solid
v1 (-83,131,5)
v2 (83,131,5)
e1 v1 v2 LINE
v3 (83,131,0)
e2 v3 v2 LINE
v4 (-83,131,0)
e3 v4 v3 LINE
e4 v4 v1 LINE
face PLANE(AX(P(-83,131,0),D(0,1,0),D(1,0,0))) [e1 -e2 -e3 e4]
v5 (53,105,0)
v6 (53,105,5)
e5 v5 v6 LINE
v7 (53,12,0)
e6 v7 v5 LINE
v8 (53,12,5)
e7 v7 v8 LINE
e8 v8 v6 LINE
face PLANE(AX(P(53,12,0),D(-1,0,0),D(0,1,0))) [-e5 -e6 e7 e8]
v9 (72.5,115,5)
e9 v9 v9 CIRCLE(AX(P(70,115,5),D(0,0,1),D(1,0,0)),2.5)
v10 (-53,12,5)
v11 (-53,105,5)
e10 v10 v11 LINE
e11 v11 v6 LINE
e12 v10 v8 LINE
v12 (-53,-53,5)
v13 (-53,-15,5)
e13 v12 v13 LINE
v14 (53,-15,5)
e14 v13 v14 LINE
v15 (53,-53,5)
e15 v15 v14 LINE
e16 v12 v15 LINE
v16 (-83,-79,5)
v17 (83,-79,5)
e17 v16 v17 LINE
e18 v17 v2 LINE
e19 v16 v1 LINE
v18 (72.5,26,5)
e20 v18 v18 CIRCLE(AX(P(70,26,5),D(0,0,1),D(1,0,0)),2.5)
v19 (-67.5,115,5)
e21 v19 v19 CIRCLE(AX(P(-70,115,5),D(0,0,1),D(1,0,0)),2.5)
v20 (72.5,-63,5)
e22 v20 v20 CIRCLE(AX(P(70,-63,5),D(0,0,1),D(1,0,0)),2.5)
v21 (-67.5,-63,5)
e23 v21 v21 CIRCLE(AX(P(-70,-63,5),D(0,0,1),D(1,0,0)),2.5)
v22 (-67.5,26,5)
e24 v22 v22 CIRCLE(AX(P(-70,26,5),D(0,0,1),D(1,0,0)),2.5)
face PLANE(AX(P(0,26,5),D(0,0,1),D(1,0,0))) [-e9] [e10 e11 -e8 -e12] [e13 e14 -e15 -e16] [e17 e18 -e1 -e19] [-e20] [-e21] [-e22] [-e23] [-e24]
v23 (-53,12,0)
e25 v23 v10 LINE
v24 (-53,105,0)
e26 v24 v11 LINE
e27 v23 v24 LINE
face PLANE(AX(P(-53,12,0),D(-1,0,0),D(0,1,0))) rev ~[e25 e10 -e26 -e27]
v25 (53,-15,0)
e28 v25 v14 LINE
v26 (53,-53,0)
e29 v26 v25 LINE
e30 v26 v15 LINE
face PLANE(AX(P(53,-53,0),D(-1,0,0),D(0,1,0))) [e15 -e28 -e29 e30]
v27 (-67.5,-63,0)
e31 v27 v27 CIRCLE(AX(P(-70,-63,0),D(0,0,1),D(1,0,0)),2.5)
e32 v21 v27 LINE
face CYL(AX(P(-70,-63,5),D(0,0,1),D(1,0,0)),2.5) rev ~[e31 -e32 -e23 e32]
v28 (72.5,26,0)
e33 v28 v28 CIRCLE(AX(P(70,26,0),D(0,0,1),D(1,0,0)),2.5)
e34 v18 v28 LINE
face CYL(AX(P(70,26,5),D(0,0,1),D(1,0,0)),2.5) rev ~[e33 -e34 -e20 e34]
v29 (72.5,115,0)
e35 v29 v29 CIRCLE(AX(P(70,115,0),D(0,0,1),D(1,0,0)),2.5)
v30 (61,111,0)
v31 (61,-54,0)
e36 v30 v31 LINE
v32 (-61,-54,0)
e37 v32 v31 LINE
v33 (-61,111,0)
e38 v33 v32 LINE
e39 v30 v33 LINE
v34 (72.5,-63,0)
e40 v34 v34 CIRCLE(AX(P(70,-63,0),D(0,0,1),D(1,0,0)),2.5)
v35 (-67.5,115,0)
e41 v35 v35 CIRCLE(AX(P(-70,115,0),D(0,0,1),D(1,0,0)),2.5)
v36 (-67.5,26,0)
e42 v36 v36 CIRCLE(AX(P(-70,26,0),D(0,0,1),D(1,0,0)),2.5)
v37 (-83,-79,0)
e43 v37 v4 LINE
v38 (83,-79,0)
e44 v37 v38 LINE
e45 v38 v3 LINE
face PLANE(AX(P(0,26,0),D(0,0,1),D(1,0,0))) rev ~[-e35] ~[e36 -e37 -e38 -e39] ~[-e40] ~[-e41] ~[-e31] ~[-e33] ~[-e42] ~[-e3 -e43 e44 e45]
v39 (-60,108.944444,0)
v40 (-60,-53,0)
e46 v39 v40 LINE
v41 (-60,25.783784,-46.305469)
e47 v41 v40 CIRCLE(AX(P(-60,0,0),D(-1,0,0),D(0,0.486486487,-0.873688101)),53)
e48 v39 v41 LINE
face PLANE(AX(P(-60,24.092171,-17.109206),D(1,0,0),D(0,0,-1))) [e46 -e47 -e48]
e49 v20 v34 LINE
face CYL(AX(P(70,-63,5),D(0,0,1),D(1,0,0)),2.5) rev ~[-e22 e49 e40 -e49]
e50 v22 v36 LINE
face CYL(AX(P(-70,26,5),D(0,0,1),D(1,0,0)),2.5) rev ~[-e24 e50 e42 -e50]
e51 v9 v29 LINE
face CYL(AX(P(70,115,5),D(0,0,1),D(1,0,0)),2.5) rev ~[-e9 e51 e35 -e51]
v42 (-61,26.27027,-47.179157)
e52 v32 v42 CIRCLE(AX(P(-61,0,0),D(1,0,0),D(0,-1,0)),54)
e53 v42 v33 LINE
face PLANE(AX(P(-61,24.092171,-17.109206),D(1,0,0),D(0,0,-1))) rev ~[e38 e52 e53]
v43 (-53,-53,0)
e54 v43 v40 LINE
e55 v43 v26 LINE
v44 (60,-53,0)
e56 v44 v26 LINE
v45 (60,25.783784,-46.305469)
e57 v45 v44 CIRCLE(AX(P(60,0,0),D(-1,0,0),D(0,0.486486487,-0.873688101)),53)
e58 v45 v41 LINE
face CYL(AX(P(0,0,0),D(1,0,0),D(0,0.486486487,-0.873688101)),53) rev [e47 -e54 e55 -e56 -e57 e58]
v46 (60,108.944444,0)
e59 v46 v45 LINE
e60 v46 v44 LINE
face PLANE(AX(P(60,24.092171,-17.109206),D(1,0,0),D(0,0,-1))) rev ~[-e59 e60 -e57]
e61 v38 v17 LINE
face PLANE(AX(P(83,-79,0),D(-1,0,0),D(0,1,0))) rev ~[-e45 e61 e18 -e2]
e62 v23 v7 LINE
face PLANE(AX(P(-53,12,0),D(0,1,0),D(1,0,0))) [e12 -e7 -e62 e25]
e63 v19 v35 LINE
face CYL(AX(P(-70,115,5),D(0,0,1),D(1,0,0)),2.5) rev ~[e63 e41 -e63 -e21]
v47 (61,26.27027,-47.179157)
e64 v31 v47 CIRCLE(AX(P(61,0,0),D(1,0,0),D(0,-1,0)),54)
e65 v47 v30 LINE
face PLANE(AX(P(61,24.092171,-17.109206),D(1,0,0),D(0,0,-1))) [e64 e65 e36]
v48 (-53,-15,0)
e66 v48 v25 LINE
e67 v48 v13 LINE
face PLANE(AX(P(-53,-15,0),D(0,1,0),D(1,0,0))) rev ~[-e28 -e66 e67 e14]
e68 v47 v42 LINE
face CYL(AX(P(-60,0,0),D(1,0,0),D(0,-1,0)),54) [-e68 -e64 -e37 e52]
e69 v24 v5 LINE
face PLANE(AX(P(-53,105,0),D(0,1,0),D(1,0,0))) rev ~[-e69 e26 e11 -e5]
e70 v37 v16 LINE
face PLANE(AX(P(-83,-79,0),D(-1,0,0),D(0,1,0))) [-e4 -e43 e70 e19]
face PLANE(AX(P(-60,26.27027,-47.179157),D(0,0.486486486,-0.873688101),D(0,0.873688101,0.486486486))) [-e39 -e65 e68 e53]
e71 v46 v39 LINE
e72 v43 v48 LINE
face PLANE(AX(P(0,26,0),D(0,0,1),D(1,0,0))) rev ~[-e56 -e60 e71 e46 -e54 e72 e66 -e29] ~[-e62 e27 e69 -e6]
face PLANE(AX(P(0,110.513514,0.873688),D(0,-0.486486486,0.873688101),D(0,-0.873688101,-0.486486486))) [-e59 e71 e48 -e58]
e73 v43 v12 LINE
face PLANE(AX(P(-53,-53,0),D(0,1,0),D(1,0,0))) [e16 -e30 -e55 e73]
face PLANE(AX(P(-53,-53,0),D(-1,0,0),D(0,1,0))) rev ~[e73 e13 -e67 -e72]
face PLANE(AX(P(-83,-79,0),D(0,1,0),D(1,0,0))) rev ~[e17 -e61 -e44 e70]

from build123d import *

# Parameters (mm, degrees)
EXTRU_MINCE1_DEPTH      = 60
BOSS_EXTRU_1_START      = 1
BOSS_EXTRU_1_DEPTH      = 1
BOSS_EXTRU_2_DEPTH      = 1
ESQUISSE4_W             = 166
ESQUISSE4_H             = 210
ESQUISSE4_W_2           = 106
ESQUISSE4_H_2           = 93
ESQUISSE4_H_3           = 38
BOSS_EXTRU_3_DEPTH      = 5
ESQUISSE5_R             = 2.5
ENL_V_MAT_EXTRU_1_DEPTH = 166.924681708


with BuildPart() as part:
    # Esquisse1 → Extru.-Mince1 (new, symmetric)
    with BuildSketch(Plane(origin=(0, 0, 0), x_dir=(0, 0, -1), z_dir=(1, 0, 0))):
        with BuildLine():
            ThreePointArc((0, -54), (46.554240379, -27.362432324), (47.179157474, 26.27027027))
            Line((47.179157474, 26.27027027), (0, 111))
            Line((0, 111), (-0.873688101, 110.513513514))
            Line((-0.873688101, 110.513513514), (46.305469372, 25.783783784))
            ThreePointArc((46.305469372, 25.783783784), (45.692124817, -26.855720615), (0, -53))
            Line((0, -53), (0, -54))
        make_face()
    extrude(amount=EXTRU_MINCE1_DEPTH, both=True)

    # Esquisse2 → Boss.-Extru.1 (add)
    with BuildSketch(Plane(origin=(60, 0, 0), x_dir=(0, 0, -1), z_dir=(1, 0, 0)).offset(BOSS_EXTRU_1_START)):
        with BuildLine():
            Line((0, 111), (0, -54))
            ThreePointArc((0, -54), (46.554240379, -27.362432324), (47.179157474, 26.27027027))
            Line((47.179157474, 26.27027027), (0, 111))
        make_face()
    extrude(amount=-BOSS_EXTRU_1_DEPTH)

    # Esquisse3 → Boss.-Extru.2 (add)
    with BuildSketch(Plane.ZY.offset(60)):
        with BuildLine():
            Line((0, 111), (0, -54))
            ThreePointArc((0, -54), (-46.554240379, -27.362432324), (-47.179157474, 26.27027027))
            Line((-47.179157474, 26.27027027), (0, 111))
        make_face()
    extrude(amount=BOSS_EXTRU_2_DEPTH)

    # Esquisse4 → Boss.-Extru.3 (add)
    with BuildSketch(Plane.XY):
        with Locations((0, 26)):
            Rectangle(ESQUISSE4_W, ESQUISSE4_H)
        with Locations((0, 58.5)):
            Rectangle(ESQUISSE4_W_2, ESQUISSE4_H_2, mode=Mode.SUBTRACT)
        with Locations((0, -34)):
            Rectangle(ESQUISSE4_W_2, ESQUISSE4_H_3, mode=Mode.SUBTRACT)
    extrude(amount=BOSS_EXTRU_3_DEPTH)

    # Esquisse5 → Enlèv. mat.-Extru.1 (cut, through all)
    with BuildSketch(Plane.XY.offset(5)):
        with Locations((-70, 115)):
            Circle(ESQUISSE5_R)
        with Locations((-70, 26)):
            Circle(ESQUISSE5_R)
        with Locations((-70, -63)):
            Circle(ESQUISSE5_R)
        with Locations((70, -63)):
            Circle(ESQUISSE5_R)
        with Locations((70, 26)):
            Circle(ESQUISSE5_R)
        with Locations((70, 115)):
            Circle(ESQUISSE5_R)
    extrude(amount=-ENL_V_MAT_EXTRU_1_DEPTH, mode=Mode.SUBTRACT)


solid = part.part
